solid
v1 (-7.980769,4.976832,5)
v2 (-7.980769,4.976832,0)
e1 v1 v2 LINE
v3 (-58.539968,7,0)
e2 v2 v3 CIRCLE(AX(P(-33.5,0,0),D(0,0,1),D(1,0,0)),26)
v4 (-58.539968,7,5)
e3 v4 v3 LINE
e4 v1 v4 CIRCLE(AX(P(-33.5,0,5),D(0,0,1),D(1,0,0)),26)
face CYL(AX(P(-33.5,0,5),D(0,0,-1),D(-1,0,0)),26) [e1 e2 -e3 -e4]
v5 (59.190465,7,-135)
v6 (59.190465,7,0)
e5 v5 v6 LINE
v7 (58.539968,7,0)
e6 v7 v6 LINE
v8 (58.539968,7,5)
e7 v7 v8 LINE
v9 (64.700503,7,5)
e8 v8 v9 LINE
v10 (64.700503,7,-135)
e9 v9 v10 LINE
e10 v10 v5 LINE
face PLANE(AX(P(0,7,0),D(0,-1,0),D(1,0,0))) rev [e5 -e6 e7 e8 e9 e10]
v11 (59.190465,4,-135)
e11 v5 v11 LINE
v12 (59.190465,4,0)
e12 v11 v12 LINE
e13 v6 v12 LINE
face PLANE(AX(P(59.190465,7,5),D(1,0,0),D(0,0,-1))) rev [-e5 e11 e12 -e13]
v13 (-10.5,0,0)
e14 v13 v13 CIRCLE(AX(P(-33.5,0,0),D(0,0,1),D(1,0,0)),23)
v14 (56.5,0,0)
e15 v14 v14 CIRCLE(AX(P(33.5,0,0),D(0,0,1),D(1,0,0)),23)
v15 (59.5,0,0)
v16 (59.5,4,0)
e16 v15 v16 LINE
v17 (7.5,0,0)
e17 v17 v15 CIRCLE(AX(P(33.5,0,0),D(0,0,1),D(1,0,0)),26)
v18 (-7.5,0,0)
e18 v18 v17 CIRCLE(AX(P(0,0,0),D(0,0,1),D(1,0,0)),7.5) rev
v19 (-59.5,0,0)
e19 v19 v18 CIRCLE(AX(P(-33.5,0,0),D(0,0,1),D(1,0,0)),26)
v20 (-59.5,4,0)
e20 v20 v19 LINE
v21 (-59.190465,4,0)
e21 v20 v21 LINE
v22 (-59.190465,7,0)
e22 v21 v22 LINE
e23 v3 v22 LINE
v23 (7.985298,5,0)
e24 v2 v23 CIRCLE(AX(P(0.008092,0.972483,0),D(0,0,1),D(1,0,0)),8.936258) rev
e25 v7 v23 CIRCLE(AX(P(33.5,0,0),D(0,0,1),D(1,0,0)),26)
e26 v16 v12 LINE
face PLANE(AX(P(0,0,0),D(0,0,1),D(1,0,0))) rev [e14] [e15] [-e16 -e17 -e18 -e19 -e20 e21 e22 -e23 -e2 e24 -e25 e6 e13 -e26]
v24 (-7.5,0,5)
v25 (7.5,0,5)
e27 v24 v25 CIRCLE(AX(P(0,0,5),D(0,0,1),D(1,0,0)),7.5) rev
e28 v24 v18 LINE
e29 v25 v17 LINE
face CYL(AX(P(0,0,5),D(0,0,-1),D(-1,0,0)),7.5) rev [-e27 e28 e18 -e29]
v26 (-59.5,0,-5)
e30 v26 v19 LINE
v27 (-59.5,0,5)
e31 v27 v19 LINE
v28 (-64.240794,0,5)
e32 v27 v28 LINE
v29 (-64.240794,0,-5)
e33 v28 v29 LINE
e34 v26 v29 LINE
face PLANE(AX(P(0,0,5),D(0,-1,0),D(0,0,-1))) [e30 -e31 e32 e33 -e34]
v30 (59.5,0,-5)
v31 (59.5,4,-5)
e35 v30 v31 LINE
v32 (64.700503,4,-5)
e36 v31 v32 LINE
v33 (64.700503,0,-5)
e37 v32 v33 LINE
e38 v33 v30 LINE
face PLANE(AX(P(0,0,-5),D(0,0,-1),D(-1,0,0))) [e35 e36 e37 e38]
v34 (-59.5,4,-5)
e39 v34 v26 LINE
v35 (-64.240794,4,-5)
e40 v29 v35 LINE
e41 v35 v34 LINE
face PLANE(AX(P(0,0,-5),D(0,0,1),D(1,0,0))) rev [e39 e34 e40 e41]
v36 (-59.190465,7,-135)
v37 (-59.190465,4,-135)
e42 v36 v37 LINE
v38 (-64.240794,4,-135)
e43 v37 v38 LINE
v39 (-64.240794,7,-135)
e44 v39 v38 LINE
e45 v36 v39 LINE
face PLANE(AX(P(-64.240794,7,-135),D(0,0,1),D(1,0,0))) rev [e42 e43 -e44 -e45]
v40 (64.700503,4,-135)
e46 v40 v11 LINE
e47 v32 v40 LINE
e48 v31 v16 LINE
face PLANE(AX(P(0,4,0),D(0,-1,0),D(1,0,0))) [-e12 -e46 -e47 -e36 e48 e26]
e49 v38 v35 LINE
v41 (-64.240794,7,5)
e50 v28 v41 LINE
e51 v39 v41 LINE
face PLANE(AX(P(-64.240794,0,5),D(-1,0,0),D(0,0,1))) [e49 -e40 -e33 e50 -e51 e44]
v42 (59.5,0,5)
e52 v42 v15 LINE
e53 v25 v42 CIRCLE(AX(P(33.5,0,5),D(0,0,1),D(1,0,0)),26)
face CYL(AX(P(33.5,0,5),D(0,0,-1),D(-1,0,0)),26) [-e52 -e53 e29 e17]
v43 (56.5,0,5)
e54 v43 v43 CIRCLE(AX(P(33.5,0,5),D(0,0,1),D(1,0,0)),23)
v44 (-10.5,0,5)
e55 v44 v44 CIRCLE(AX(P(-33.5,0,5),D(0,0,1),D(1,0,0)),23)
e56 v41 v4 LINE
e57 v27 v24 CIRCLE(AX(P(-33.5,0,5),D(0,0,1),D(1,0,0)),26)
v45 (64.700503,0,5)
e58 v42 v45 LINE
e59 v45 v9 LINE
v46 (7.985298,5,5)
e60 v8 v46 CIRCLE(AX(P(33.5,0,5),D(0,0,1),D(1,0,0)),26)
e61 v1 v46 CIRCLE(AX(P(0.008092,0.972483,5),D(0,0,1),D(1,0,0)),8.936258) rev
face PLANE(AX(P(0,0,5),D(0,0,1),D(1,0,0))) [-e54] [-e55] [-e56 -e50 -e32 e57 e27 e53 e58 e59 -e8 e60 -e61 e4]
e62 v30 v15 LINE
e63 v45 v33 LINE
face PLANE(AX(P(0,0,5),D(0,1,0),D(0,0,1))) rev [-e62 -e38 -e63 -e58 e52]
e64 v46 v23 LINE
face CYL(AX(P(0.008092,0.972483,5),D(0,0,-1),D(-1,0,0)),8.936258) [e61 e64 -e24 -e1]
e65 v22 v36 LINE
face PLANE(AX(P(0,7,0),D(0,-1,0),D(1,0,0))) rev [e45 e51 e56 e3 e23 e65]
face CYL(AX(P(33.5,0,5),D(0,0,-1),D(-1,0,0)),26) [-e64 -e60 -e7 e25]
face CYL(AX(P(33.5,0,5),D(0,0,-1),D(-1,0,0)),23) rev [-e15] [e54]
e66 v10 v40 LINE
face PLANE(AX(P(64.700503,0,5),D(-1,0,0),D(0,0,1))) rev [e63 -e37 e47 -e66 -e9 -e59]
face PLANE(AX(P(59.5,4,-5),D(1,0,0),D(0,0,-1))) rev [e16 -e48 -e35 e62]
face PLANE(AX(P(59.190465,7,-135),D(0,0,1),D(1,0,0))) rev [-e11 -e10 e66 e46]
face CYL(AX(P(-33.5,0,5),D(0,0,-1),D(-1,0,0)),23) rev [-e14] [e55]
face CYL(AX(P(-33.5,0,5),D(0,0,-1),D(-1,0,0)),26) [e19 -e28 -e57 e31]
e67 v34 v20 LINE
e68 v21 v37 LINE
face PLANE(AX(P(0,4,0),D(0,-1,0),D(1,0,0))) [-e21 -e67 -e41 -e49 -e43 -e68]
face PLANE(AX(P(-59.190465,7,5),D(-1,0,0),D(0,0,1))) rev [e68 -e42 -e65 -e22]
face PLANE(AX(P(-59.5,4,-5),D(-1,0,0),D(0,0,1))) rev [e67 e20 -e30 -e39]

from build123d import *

# Parameters (mm, degrees)
SKIZZE1_R                       = 23
AUFSATZ_LINEAR_AUSTRAGEN1_DEPTH = 5
SKIZZE2_W                       = 5.200502725
SKIZZE2_H                       = 4
SKIZZE2_W_2                     = 4.740793673
AUFSATZ_LINEAR_AUSTRAGEN2_DEPTH = 5
SKIZZE3_W                       = 5.510037568
SKIZZE3_H                       = 140
SKIZZE3_W_2                     = 5.050328516
AUFSATZ_LINEAR_AUSTRAGEN3_DEPTH = 3
SKIZZE4_W                       = 5
SKIZZE4_H                       = 3
AUFSATZ_LINEAR_AUSTRAGEN4_DEPTH = 3
SKIZZE5_W                       = 5
SKIZZE5_H                       = 3
AUFSATZ_LINEAR_AUSTRAGEN5_DEPTH = 3


with BuildPart() as part:
    # Skizze1 → Aufsatz-Linear austragen1 (new body)
    with BuildSketch(Plane.XY):
        with BuildLine():
            Line((64.700502725, 4), (59.190465157, 4))
            ThreePointArc((59.190465157, 4), (34.007664459, 25.995043312), (7.985298356, 5))
            ThreePointArc((7.985298356, 5), (-0.004875067, 9.908732253), (-7.980769231, 4.976832421))
            ThreePointArc((-7.980769231, 4.976832421), (-33.995863589, 25.995271095), (-59.190465157, 4))
            Line((-59.190465157, 4), (-64.240793673, 4))
            Line((-64.240793673, 4), (-64.240793673, 0))
            Line((-64.240793673, 0), (-59.5, 0))
            ThreePointArc((-59.5, 0), (-33.5, -26), (-7.5, 0))
            ThreePointArc((-7.5, 0), (0, 7.5), (7.5, 0))
            ThreePointArc((7.5, 0), (33.5, -26), (59.5, 0))
            Line((59.5, 0), (64.700502725, 0))
            Line((64.700502725, 0), (64.700502725, 4))
        make_face()
        with Locations((33.5, 0)):
            Circle(SKIZZE1_R, mode=Mode.SUBTRACT)
        with Locations((-33.5, 0)):
            Circle(SKIZZE1_R, mode=Mode.SUBTRACT)
    extrude(amount=AUFSATZ_LINEAR_AUSTRAGEN1_DEPTH)

    # Skizze2 → Aufsatz-Linear austragen2 (add)
    with BuildSketch(Plane(origin=(0, 0, 0), x_dir=(-1, 0, 0), z_dir=(0, 0, -1))):
        with Locations((-62.100251363, 2)):
            Rectangle(SKIZZE2_W, SKIZZE2_H)
        with Locations((61.870396837, 2)):
            Rectangle(SKIZZE2_W_2, SKIZZE2_H)
    extrude(amount=AUFSATZ_LINEAR_AUSTRAGEN2_DEPTH)

    # Skizze3 → Aufsatz-Linear austragen3 (add)
    with BuildSketch(Plane(origin=(0, 4, 0), x_dir=(1, 0, 0), z_dir=(0, 1, 0))):
        with Locations((61.945483941, 65)):
            Rectangle(SKIZZE3_W, SKIZZE3_H)
        with Locations((-61.715629415, 65)):
            Rectangle(SKIZZE3_W_2, SKIZZE3_H)
    extrude(amount=AUFSATZ_LINEAR_AUSTRAGEN3_DEPTH)

    # Skizze4 → Aufsatz-Linear austragen4 (add)
    with BuildSketch(Plane.ZY.offset(-59.190465157)):
        with Locations((2.5, 5.5)):
            Rectangle(SKIZZE4_W, SKIZZE4_H)
    extrude(amount=AUFSATZ_LINEAR_AUSTRAGEN4_DEPTH)

    # Skizze5 → Aufsatz-Linear austragen5 (add)
    with BuildSketch(Plane(origin=(-59.190465157, 0, 0), x_dir=(0, 0, -1), z_dir=(1, 0, 0))):
        with Locations((-2.5, 5.5)):
            Rectangle(SKIZZE5_W, SKIZZE5_H)
    extrude(amount=AUFSATZ_LINEAR_AUSTRAGEN5_DEPTH)


solid = part.part
